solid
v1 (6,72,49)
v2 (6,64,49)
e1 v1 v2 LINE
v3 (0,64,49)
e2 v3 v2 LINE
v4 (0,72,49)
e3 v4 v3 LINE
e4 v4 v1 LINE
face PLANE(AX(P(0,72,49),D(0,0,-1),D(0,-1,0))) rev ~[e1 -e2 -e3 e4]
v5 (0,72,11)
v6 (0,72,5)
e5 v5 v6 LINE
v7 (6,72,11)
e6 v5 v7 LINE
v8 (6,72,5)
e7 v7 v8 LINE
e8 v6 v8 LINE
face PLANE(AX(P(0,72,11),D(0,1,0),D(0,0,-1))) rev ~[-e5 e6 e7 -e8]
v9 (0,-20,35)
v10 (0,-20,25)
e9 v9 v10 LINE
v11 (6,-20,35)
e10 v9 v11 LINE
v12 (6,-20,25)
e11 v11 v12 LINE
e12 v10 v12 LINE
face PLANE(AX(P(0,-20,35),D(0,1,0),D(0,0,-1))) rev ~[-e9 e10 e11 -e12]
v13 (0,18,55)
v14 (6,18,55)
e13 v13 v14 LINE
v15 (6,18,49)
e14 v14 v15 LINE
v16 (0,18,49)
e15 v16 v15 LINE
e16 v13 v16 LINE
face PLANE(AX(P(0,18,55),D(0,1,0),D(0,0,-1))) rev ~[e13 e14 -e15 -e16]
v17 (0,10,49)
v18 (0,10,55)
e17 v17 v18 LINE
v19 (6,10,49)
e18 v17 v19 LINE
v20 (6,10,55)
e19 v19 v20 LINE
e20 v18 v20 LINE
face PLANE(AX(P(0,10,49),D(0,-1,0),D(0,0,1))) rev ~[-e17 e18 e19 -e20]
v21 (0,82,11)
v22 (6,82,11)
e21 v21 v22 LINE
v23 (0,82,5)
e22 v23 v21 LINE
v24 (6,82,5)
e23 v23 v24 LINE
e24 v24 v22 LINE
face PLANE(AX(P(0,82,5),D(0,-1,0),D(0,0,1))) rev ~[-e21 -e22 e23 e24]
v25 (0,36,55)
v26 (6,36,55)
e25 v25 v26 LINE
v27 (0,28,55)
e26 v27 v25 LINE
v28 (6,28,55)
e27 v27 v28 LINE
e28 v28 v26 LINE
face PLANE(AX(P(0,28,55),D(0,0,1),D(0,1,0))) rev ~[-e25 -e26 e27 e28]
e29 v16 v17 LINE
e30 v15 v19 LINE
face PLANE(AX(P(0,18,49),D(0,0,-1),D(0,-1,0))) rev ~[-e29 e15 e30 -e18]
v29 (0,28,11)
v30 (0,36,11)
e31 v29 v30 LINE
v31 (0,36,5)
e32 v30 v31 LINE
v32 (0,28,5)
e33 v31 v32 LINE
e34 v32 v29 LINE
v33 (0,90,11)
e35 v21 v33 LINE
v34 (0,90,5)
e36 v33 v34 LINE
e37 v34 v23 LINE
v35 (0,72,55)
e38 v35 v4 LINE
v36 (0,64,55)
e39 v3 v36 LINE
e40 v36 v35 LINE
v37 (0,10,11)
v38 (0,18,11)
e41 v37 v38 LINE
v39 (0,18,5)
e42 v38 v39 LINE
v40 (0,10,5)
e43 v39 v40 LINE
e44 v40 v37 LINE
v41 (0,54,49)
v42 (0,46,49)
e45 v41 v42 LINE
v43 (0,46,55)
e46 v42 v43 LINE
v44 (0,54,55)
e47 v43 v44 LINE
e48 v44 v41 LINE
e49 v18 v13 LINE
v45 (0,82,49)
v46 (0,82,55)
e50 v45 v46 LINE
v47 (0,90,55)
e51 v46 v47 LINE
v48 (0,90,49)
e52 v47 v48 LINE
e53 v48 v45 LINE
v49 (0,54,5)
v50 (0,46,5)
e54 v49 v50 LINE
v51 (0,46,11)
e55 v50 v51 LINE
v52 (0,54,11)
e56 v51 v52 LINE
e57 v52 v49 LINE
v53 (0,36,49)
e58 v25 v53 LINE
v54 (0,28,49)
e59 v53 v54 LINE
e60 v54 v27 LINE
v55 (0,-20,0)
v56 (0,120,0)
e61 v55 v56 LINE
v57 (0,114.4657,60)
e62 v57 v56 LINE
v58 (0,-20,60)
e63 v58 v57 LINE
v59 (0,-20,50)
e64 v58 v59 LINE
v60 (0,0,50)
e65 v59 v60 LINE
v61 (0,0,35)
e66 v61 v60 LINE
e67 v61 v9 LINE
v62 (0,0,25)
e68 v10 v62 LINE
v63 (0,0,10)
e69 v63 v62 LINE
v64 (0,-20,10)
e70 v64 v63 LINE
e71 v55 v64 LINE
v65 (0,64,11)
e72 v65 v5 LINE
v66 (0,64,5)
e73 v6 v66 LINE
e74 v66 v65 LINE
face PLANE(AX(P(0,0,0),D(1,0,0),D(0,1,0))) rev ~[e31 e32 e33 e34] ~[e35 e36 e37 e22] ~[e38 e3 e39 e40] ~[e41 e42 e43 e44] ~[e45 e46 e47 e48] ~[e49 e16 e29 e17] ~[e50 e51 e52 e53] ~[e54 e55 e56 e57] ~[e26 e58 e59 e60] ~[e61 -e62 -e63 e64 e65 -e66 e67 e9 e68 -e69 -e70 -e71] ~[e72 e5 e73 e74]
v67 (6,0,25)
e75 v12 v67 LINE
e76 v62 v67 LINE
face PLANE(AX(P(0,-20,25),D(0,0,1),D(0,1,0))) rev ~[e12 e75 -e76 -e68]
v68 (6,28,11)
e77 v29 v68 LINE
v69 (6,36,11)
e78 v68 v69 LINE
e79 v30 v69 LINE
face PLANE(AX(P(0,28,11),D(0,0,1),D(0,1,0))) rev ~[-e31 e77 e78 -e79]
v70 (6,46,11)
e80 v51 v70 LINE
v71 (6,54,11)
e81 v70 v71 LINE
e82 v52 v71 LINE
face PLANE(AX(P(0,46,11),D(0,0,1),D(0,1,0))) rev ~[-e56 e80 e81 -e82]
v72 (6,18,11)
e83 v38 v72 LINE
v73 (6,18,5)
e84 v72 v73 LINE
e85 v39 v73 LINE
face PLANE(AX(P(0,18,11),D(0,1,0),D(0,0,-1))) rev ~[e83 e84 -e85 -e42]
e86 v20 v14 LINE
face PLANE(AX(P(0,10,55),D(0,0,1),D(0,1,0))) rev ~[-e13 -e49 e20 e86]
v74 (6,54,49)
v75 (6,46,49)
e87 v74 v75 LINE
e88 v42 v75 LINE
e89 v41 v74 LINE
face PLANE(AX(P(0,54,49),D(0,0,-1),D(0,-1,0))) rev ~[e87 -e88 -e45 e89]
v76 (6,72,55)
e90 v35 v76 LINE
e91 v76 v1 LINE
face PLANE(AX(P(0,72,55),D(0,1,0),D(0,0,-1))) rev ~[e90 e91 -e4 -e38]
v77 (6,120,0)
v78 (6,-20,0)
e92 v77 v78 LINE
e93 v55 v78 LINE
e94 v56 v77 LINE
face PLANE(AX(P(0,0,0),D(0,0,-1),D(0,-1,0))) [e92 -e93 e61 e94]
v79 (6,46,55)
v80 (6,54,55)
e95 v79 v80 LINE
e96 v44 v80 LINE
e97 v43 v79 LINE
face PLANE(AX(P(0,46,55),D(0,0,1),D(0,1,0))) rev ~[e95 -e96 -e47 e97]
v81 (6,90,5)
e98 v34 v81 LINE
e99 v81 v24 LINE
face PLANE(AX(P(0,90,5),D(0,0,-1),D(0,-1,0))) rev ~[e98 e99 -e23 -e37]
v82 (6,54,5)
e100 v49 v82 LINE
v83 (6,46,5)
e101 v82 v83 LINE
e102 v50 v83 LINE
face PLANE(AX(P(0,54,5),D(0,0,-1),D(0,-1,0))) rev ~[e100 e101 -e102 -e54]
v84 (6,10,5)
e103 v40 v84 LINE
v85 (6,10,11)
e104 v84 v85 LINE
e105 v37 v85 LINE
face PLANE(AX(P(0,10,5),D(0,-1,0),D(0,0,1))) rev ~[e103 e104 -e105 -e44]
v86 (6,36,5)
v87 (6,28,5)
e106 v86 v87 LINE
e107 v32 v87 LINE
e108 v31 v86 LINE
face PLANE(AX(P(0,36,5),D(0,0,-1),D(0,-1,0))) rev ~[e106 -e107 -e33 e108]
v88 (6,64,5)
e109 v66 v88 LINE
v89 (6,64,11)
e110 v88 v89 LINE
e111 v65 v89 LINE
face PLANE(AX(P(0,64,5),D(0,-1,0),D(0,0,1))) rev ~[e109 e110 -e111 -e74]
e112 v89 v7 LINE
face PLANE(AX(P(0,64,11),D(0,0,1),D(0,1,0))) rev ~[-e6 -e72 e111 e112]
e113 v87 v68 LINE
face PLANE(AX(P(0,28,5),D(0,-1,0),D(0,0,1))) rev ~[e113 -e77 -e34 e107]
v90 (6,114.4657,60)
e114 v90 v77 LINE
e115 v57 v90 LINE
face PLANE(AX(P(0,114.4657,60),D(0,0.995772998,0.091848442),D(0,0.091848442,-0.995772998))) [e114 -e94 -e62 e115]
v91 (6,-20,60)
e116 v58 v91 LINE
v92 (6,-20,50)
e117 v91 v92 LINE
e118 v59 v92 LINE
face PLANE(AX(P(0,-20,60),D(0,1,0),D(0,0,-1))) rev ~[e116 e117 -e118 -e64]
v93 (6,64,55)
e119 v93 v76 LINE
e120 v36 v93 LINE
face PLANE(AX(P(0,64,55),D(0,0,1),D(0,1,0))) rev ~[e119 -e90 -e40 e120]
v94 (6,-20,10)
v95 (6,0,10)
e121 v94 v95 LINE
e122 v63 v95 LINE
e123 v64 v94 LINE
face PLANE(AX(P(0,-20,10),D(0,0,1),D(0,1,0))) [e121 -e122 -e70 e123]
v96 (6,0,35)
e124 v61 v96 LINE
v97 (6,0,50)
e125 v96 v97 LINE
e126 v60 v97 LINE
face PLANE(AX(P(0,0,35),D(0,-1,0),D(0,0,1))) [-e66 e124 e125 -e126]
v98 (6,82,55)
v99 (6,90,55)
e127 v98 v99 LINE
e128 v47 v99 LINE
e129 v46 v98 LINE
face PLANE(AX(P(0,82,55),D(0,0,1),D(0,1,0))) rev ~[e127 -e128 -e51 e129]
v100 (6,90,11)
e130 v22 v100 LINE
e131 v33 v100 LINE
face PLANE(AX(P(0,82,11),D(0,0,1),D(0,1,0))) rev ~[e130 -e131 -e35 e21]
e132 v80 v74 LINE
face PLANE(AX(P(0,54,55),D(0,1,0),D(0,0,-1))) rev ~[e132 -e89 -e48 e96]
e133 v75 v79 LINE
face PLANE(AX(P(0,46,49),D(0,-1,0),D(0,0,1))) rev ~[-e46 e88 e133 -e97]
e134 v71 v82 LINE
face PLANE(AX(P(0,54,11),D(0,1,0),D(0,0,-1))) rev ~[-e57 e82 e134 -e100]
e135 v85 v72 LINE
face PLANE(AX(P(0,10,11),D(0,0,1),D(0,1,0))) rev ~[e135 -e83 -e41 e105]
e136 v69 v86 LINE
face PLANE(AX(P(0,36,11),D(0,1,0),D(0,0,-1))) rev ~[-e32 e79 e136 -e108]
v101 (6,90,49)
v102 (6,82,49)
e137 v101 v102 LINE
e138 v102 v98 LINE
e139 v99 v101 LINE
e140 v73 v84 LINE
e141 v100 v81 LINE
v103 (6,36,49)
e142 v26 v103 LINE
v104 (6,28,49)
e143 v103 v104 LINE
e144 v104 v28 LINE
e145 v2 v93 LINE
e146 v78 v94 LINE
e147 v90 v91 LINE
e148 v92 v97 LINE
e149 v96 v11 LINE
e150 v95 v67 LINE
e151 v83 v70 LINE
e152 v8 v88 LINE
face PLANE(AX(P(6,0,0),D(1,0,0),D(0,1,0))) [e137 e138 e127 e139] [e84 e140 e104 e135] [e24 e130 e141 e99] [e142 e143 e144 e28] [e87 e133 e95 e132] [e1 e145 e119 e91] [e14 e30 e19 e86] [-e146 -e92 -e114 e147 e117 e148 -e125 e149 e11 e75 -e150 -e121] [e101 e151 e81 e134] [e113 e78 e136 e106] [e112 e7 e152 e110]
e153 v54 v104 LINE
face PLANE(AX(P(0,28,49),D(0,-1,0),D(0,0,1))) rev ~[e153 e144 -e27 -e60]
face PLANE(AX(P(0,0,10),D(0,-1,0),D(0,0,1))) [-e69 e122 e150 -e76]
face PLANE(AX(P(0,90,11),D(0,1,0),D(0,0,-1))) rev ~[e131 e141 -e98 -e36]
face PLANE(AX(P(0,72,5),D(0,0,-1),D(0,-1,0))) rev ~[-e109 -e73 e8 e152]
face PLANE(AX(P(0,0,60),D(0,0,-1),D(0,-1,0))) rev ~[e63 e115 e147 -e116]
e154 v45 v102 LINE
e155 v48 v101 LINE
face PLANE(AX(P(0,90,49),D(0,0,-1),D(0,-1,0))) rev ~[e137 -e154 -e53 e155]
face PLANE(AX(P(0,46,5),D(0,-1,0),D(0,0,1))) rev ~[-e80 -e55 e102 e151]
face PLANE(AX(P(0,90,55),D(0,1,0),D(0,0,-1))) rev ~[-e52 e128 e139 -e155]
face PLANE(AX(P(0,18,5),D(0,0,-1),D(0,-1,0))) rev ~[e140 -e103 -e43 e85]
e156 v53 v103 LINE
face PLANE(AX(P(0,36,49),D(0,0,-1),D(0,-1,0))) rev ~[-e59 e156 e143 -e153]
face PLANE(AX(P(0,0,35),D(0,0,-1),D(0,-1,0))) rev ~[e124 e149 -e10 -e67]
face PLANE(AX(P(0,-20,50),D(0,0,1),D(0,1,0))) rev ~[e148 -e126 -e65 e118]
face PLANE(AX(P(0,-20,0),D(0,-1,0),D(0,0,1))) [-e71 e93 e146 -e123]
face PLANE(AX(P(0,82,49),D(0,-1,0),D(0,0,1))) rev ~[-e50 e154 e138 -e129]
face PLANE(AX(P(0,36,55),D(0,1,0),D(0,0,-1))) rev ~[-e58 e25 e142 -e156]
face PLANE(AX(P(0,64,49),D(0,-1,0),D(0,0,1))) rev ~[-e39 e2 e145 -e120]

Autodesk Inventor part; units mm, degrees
ref_plane "YZ Plane" through (0, 0, 0) normal (1, 0, 0) x (0, 1, 0)
ref_plane "XZ Plane" through (0, 0, 0) normal (0, 1, 0) x (-1, 0, 0)
ref_plane "XY Plane" through (0, 0, 0) normal (0, 0, 1) x (1, 0, 0)
sketch "Sketch1" plane through (0, 0, 0) normal (1, 0, 0) x (0, 1, 0)
  line L0 (0, 0) -> (120, 0)
  line L1 (0, 0) -> (0, 10) construction
  line L2 (0, 60) -> (114.4657, 60)
  line L3 (114.4657, 60) -> (120, 0)
  line L4 (0, 60) -> (-20, 60)
  line L5 (-20, 60) -> (-20, 50)
  line L6 (-20, 50) -> (0, 50)
  line L7 (0, 50) -> (0, 60) construction
  line L8 (0, 0) -> (-20, 0)
  line L9 (-20, 0) -> (-20, 10)
  line L10 (-20, 10) -> (0, 10)
  line L11 (0, 10) -> (0, 0) construction
  line L12 (0, 35) -> (-20, 35)
  line L13 (-20, 35) -> (-20, 25)
  line L14 (-20, 25) -> (0, 25)
  line L15 (0, 25) -> (0, 35) construction
  line L16 (0, 50) -> (0, 60) construction
  line L17 (0, 25) -> (0, 35) construction
  line L18 (0, 35) -> (0, 50)
  line L19 (0, 10) -> (0, 25)
  line L20 (90, 5) -> (82, 5)
  line L21 (82, 5) -> (82, 11)
  line L22 (82, 11) -> (90, 11)
  line L23 (90, 11) -> (90, 5)
  line L24 (72, 5) -> (64, 5)
  line L25 (64, 5) -> (64, 11)
  line L26 (64, 11) -> (72, 11)
  line L27 (72, 11) -> (72, 5)
  line L28 (54, 5) -> (46, 5)
  line L29 (46, 5) -> (46, 11)
  line L30 (46, 11) -> (54, 11)
  line L31 (54, 11) -> (54, 5)
  line L32 (36, 5) -> (28, 5)
  line L33 (28, 5) -> (28, 11)
  line L34 (28, 11) -> (36, 11)
  line L35 (36, 11) -> (36, 5)
  line L36 (18, 5) -> (10, 5)
  line L37 (10, 5) -> (10, 11)
  line L38 (10, 11) -> (18, 11)
  line L39 (18, 11) -> (18, 5)
  line L40 (90, 49) -> (82, 49)
  line L41 (82, 49) -> (82, 55)
  line L42 (82, 55) -> (90, 55)
  line L43 (90, 55) -> (90, 49)
  line L44 (64, 55) -> (72, 55)
  line L45 (72, 49) -> (64, 49)
  line L46 (72, 55) -> (72, 49)
  line L47 (64, 49) -> (64, 55)
  line L48 (46, 55) -> (54, 55)
  line L49 (54, 49) -> (46, 49)
  line L50 (54, 55) -> (54, 49)
  line L51 (46, 49) -> (46, 55)
  line L52 (28, 55) -> (36, 55)
  line L53 (36, 49) -> (28, 49)
  line L54 (36, 55) -> (36, 49)
  line L55 (28, 49) -> (28, 55)
  line L56 (10, 49) -> (10, 55)
  line L57 (10, 55) -> (18, 55)
  line L58 (18, 49) -> (10, 49)
  line L59 (18, 55) -> (18, 49)
  point P0 (-10, 35)
  point P1 (86, 5)
  point P2 (0, 5)
  point P3 (90, 8)
  point P4 (68, 5)
  point P5 (72, 8)
  point P6 (50, 5)
  point P7 (54, 8)
  point P8 (32, 5)
  point P9 (36, 8)
  point P10 (14, 5)
  point P11 (18, 8)
  point P12 (82, 8)
  point P13 (64, 8)
  point P14 (46, 8)
  point P15 (28, 8)
  point P16 (86, 49)
  point P17 (90, 52)
  point P18 (72, 52)
  point P19 (68, 49)
  point P20 (54, 52)
  point P21 (50, 49)
  point P22 (36, 52)
  point P23 (32, 49)
  point P24 (82, 52)
  point P25 (64, 52)
  point P26 (46, 52)
  point P27 (28, 52)
  point P28 (86, 55)
  point P29 (68, 55)
  point P30 (50, 55)
  point P31 (32, 55)
  point P32 (0, 30)
  point P33 (10, 52)
  point P34 (14, 49)
  point P35 (18, 52)
  point P36 (14, 55)
  dimension "d0" = 120
  dimension "d5" = 60
  dimension "d6" = 95.27
  dimension "d7" = 20
  dimension "d8" = 10
  dimension "d9" = 20
  dimension "d10" = 10
  dimension "d11" = 20
  dimension "d12" = 10
  dimension "d13" = 15
  dimension "d16" = 6
  dimension "d17" = 8
  dimension "d18" = 5
  dimension "d19" = 90
  dimension "d20" = 6
  dimension "d21" = 8
  dimension "d22" = 6
  dimension "d23" = 8
  dimension "d24" = 6
  dimension "d25" = 8
  dimension "d26" = 6
  dimension "d27" = 8
  dimension "d28" = 10
  dimension "d29" = 10
  dimension "d30" = 10
  dimension "d31" = 10
  dimension "d32" = 5
  dimension "d33" = 5
  dimension "d34" = 5
  dimension "d35" = 5
  dimension "d37" = 6
  dimension "d38" = 8
  dimension "d40" = 6
  dimension "d41" = 8
  dimension "d42" = 6
  dimension "d43" = 8
  dimension "d44" = 6
  dimension "d45" = 8
  dimension "d48" = 10
  dimension "d49" = 10
  dimension "d50" = 10
  dimension "d56" = 5
  dimension "d57" = 5
  dimension "d58" = 5
  dimension "d59" = 5
  dimension "d60" = 90
  dimension "d65" = 6
  dimension "d66" = 8
  dimension "d67" = 5
  dimension "d68" = 10
extrude "Extrusion2" add sketch "Sketch1" along normal blind 6 contours L8 L9 L10 L19 L14 L13 L12 L18 L6 L5 L4 L2 L3 L0 | L20 L21 L22 L23 | L24 L25 L26 L27 | L28 L29 L30 L31 | L32 L33 L34 L35 | L36 L37 L38 L39 | L40 L41 L42 L43 | L44 L46 L45 L47 | L48 L50 L49 L51 | L52 L54 L53 L55 | L56 L57 L59 L58
extrude "Extrusion3" cut sketch "Sketch1" along normal blind 6 contours L20 L21 L22 L23 | L24 L25 L26 L27 | L28 L29 L30 L31 | L32 L33 L34 L35 | L36 L37 L38 L39 | L40 L41 L42 L43 | L44 L46 L45 L47 | L48 L50 L49 L51 | L52 L54 L53 L55 | L56 L57 L59 L58
properties part number "sort support wall 1"
